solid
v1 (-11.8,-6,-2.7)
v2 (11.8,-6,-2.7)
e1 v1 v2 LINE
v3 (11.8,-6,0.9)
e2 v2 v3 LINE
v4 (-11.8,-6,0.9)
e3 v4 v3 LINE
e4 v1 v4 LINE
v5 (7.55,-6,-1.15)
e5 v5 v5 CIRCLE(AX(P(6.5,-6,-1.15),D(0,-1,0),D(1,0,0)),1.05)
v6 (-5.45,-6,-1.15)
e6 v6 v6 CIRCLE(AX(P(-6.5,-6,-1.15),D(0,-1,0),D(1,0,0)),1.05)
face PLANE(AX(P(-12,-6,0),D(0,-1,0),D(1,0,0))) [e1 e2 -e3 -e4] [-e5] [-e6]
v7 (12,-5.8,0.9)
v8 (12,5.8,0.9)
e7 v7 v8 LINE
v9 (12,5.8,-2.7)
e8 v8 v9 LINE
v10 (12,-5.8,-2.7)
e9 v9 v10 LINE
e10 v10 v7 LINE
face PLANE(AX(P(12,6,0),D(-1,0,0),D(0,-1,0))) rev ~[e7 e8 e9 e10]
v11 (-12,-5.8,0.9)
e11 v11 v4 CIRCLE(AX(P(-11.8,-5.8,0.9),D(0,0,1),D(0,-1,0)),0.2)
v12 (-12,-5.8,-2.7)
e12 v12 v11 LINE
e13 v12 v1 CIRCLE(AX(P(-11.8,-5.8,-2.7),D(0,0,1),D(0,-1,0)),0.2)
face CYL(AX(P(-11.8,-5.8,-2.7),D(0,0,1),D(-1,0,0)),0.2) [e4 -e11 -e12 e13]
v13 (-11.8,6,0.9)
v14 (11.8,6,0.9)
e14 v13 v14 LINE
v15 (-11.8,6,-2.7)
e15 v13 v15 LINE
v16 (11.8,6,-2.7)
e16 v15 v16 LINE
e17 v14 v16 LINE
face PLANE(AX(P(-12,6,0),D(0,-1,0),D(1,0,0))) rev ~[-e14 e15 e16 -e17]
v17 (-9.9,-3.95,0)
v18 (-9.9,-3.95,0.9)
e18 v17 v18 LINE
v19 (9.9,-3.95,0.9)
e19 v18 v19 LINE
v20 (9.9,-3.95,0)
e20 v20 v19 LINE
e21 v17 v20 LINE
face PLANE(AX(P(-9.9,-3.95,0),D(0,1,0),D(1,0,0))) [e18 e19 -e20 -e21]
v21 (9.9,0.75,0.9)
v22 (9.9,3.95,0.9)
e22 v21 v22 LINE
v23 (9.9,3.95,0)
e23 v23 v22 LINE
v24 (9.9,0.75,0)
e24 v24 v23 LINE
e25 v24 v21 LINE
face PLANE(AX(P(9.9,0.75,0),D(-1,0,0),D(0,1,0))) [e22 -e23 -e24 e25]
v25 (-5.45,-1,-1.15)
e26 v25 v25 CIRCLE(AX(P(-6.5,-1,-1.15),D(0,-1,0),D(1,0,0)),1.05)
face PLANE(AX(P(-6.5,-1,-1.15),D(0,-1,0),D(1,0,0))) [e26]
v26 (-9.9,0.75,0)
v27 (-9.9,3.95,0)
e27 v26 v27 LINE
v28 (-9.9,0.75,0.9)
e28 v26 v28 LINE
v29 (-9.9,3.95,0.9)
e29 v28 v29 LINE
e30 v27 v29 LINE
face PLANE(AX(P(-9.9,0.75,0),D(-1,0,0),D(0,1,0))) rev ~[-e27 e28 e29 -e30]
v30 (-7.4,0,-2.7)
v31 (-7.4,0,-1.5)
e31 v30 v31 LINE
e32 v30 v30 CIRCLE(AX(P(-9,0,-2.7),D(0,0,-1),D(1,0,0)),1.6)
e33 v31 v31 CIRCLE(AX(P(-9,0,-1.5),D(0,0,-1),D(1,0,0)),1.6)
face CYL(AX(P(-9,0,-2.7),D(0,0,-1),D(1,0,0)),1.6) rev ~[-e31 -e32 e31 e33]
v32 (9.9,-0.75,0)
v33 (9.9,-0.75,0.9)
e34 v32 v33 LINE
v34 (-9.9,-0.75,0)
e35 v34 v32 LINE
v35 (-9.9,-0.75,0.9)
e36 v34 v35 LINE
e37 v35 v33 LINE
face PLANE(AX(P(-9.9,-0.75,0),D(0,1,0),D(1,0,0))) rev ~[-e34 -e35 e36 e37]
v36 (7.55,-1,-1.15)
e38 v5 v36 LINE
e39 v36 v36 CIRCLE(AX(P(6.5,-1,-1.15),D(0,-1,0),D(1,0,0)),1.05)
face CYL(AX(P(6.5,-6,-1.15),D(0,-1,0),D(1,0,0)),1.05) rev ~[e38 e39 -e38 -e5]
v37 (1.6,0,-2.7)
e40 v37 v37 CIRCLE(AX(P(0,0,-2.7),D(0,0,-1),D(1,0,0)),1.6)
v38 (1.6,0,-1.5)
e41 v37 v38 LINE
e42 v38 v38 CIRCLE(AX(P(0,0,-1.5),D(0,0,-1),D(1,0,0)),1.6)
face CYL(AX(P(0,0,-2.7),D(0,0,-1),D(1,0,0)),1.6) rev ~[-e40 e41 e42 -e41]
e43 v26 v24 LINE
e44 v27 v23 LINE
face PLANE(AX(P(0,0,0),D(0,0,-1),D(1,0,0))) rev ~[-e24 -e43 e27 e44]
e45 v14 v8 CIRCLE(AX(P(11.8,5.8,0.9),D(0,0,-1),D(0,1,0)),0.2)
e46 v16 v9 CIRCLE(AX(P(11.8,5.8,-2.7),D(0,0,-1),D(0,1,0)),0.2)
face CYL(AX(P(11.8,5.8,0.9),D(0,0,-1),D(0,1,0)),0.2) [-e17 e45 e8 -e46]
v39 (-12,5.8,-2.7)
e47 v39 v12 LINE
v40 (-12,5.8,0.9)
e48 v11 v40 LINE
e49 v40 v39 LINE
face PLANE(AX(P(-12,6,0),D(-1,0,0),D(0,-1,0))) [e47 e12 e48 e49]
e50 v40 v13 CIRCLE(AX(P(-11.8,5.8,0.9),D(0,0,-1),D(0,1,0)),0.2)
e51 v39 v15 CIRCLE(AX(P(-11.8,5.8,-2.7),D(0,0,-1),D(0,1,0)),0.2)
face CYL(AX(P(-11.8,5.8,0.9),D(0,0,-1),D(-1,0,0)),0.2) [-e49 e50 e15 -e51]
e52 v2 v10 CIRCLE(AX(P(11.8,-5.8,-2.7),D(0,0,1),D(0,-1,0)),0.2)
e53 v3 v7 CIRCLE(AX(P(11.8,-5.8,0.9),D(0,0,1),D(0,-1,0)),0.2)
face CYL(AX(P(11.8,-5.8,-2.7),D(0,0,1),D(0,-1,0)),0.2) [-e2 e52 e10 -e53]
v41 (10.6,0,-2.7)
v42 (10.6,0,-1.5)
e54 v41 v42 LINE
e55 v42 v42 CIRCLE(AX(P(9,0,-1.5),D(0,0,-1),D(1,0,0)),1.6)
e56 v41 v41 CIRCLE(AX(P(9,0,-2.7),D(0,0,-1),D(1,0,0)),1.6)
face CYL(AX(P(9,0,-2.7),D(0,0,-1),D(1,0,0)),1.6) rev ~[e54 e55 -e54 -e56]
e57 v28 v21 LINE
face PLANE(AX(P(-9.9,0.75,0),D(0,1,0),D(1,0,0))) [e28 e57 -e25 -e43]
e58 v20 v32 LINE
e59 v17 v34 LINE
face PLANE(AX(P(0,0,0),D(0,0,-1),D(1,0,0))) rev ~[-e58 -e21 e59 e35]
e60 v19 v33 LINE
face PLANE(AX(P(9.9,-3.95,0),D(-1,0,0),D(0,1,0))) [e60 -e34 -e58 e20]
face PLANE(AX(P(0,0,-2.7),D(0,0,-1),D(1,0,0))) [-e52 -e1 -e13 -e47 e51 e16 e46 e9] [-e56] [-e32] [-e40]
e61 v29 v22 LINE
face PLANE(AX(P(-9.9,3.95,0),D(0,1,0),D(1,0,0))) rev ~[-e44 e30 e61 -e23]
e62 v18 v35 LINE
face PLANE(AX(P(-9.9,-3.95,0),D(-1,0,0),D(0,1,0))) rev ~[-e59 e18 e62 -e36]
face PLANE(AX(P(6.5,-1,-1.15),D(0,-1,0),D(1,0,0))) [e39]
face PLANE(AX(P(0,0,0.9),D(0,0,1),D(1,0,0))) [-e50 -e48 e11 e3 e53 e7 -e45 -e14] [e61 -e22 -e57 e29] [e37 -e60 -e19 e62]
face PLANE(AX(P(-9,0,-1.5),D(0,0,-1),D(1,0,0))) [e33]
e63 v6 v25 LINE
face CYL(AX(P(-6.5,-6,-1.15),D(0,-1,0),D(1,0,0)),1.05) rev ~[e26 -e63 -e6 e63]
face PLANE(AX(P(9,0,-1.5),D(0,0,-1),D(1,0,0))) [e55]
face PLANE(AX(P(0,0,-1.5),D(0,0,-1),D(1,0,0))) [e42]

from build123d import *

# Parameters (mm, degrees)
F0_W     = 24
F0_H     = 12
F0_W_2   = 19.8
F0_H_2   = 3.2
F1_DEPTH = 0.9
F2_W     = 24
F2_H     = 12
F3_DEPTH = 2.7
F4_R     = 1.6
F5_DEPTH = 1.2
F6_R     = 0.2
F7_R     = 1.05
F8_DEPTH = 5


with BuildPart() as f1:
    # F0 (on Top) → F1 (new body)
    with BuildSketch(Plane.XY):
        Rectangle(F0_W, F0_H)
        with Locations((0, -2.35)):
            Rectangle(F0_W_2, F0_H_2, mode=Mode.SUBTRACT)
        with Locations((0, 2.35)):
            Rectangle(F0_W_2, F0_H_2, mode=Mode.SUBTRACT)
    extrude(amount=F1_DEPTH)

    # F2 (on face) → F3 (join)
    with BuildSketch(Plane(origin=(0, 0, 0), x_dir=(1, 0, 0), z_dir=(0, 0, -1))):
        Rectangle(F2_W, F2_H)
    extrude(amount=F3_DEPTH)

    # F4 (on face) → F5 (cut)
    with BuildSketch(Plane(origin=(0, 0, -2.7), x_dir=(1, 0, 0), z_dir=(0, 0, -1))):
        Circle(F4_R)
        with Locations((-9, 0)):
            Circle(F4_R)
        with Locations((9, 0)):
            Circle(F4_R)
    extrude(amount=-F5_DEPTH, mode=Mode.SUBTRACT)

    # F6
    f6_edges = [f1.edges().sort_by_distance(p)[0] for p in [
        (-12, -6, -0.9),
        (-12, 6, -0.9),
        (12, 6, -0.9),
        (12, -6, -0.9),
    ]]
    fillet(f6_edges, radius=F6_R)

    # F7 (on face) → F8 (cut)
    with BuildSketch(Plane.XZ.offset(6)):
        with Locations((-6.5, -1.15)):
            Circle(F7_R)
        with Locations((6.5, -1.15)):
            Circle(F7_R)
    extrude(amount=-F8_DEPTH, mode=Mode.SUBTRACT)


solid = f1.part
